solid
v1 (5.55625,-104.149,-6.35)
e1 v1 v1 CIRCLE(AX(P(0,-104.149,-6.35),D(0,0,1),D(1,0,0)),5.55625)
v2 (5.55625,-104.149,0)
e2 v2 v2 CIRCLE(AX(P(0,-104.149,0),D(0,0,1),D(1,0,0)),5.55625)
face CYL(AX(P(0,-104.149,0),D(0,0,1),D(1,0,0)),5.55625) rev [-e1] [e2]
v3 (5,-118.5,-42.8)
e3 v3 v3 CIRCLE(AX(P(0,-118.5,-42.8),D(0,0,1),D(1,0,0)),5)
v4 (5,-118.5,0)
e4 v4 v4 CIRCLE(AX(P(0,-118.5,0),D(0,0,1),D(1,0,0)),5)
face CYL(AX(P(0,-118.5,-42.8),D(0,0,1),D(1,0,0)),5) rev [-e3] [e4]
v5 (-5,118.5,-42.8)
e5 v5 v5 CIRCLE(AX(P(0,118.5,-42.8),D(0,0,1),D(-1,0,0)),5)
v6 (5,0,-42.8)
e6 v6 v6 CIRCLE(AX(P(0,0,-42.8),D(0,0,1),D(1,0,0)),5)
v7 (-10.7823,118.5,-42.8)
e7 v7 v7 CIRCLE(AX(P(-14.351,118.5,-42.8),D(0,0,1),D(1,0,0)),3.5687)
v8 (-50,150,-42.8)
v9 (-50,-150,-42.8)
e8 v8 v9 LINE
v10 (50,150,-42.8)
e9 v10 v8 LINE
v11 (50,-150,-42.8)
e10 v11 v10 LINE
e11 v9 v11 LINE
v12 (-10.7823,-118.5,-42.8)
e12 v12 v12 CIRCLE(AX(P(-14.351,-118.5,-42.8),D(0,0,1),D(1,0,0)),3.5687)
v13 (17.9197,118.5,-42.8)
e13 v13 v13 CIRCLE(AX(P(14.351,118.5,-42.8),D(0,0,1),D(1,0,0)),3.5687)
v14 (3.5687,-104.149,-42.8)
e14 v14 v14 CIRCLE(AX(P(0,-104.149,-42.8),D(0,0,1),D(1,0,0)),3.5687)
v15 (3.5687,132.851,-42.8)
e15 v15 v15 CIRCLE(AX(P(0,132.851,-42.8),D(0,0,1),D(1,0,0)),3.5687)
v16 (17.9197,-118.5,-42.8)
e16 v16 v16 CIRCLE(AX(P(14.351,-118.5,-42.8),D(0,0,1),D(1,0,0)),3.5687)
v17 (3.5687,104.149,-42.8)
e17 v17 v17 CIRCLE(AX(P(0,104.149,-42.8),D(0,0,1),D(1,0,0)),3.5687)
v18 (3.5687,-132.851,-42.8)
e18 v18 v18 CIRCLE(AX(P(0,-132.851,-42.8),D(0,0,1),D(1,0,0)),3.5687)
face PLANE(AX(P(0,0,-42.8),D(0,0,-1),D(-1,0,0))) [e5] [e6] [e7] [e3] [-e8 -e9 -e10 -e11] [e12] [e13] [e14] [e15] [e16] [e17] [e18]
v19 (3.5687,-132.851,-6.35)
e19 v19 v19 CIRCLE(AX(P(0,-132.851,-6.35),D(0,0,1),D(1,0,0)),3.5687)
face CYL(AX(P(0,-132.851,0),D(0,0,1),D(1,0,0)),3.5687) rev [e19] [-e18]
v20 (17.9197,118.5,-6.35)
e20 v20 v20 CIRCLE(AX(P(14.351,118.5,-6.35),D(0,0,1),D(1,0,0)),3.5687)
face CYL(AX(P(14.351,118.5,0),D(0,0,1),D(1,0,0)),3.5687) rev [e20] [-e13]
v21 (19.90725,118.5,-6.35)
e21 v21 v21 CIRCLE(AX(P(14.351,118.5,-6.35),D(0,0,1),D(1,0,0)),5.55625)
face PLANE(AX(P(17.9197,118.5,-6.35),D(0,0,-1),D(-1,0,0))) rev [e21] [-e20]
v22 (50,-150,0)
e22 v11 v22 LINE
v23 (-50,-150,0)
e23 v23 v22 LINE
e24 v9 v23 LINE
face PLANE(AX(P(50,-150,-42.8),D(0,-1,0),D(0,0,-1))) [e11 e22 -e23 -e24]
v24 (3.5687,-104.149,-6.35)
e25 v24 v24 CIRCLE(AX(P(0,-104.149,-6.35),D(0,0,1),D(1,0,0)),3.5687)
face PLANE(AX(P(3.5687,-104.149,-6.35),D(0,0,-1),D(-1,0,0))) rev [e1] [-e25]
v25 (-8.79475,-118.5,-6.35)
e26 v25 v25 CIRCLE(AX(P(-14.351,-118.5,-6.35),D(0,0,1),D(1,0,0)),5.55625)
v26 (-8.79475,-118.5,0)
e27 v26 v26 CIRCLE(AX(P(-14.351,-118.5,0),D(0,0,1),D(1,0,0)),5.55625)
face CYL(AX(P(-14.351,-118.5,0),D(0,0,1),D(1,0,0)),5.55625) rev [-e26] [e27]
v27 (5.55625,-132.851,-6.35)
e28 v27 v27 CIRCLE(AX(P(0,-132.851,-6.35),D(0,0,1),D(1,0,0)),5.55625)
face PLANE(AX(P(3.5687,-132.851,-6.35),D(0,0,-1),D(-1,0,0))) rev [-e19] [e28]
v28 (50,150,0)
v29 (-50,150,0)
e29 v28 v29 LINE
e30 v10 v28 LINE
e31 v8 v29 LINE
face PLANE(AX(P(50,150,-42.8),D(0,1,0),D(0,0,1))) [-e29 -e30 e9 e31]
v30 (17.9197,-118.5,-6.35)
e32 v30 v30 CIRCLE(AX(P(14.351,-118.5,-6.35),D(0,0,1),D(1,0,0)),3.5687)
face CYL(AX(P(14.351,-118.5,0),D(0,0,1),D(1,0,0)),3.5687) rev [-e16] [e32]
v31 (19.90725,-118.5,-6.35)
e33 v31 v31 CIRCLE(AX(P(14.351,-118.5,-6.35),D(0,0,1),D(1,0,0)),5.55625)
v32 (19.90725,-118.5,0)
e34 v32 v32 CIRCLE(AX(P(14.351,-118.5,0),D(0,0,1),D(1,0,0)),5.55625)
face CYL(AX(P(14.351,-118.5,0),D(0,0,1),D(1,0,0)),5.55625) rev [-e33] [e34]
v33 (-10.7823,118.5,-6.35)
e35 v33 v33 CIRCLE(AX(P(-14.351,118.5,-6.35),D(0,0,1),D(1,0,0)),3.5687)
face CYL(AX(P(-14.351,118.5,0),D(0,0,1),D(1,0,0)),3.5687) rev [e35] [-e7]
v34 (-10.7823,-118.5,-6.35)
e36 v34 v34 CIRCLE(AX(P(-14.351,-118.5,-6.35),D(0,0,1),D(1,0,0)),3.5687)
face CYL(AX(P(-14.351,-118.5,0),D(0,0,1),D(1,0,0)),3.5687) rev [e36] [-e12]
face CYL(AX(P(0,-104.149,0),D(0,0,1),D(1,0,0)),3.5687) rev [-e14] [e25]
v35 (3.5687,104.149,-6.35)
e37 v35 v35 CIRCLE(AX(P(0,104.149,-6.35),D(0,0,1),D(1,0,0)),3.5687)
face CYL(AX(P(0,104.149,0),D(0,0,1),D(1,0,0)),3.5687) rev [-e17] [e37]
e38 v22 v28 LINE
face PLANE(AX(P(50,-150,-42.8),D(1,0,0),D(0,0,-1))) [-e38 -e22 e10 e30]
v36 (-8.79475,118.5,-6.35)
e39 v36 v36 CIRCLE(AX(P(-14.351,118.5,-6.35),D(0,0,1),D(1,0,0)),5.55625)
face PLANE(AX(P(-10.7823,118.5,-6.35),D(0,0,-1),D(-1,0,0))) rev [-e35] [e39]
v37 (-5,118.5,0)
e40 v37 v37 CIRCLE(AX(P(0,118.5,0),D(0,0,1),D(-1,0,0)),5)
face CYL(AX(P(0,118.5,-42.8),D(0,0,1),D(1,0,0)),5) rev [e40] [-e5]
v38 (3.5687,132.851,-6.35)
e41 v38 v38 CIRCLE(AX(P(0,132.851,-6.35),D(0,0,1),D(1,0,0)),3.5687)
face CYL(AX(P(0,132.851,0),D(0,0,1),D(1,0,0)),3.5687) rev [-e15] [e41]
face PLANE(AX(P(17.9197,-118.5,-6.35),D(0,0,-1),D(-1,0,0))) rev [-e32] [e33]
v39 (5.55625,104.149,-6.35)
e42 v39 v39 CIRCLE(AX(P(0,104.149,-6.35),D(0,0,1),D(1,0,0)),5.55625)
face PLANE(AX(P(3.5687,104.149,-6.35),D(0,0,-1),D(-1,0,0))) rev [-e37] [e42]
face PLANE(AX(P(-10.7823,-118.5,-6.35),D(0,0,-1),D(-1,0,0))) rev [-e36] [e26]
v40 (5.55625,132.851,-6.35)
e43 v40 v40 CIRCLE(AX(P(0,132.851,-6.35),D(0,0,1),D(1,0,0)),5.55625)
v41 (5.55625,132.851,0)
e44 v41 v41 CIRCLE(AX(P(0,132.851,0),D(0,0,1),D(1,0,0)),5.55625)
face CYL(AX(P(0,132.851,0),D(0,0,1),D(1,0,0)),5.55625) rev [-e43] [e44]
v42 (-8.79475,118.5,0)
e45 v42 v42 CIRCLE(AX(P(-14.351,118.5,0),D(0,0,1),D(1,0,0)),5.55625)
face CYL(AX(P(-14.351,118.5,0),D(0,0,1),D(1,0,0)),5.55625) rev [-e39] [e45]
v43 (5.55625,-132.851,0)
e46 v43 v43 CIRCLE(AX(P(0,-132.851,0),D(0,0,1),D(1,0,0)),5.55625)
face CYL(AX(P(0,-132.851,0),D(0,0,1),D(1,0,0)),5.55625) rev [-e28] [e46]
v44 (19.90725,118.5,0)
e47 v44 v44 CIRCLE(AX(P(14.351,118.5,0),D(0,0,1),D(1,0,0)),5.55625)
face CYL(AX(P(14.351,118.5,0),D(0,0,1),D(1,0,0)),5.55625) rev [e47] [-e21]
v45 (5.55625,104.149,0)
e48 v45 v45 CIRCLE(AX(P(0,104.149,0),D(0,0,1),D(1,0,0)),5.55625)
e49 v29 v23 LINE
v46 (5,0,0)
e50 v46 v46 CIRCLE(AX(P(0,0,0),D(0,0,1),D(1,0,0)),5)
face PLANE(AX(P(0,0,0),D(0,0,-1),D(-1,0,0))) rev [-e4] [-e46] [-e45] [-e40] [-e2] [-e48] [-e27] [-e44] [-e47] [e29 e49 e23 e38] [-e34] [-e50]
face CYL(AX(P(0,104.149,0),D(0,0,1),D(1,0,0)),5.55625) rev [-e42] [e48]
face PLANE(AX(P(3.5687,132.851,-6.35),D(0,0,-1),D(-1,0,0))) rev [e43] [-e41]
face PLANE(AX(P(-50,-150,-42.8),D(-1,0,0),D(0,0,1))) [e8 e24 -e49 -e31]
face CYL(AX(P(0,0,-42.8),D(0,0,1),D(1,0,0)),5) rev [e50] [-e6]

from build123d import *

# Parameters (mm, degrees)
SKETCH1_W                                        = 300
SKETCH1_H                                        = 100
SKETCH1_R                                        = 5
BOSS_EXTRUDE1_DEPTH                              = 42.8
CBORE_FOR_1_4_SOCKET_HEAD_CAP_SCREW1_D           = 7.1374
CBORE_FOR_1_4_SOCKET_HEAD_CAP_SCREW1_CBORE_D     = 11.1125
CBORE_FOR_1_4_SOCKET_HEAD_CAP_SCREW1_CBORE_DEPTH = 6.35


with BuildPart() as part:
    # Sketch1 → Boss-Extrude1 (new body)
    with BuildSketch(Plane(origin=(0, 0, 0), x_dir=(0, 1, 0), z_dir=(0, 0, 1))):
        Rectangle(SKETCH1_W, SKETCH1_H)
        with Locations(Location((0, 0, 0), (0, 0, 270))):
            Circle(SKETCH1_R, mode=Mode.SUBTRACT)
        with Locations(Location((-118.5, 0, 0), (0, 0, 270))):
            Circle(SKETCH1_R, mode=Mode.SUBTRACT)
        with Locations(Location((118.5, 0, 0), (0, 0, 90))):
            Circle(SKETCH1_R, mode=Mode.SUBTRACT)
    extrude(amount=-BOSS_EXTRUDE1_DEPTH)

    # CBORE for 1/4 Socket Head Cap Screw1 (through all)
    with Locations(Plane(origin=(0, 0, 0), x_dir=(0, -1, 0), z_dir=(0, 0, 1))):
        with Locations((118.5, 14.351), (132.851, 0), (118.5, -14.351), (104.149, 0), (-104.149, 0), (-118.5, 14.351), (-132.851, 0), (-118.5, -14.351)):
            CounterBoreHole(CBORE_FOR_1_4_SOCKET_HEAD_CAP_SCREW1_D / 2, CBORE_FOR_1_4_SOCKET_HEAD_CAP_SCREW1_CBORE_D / 2, CBORE_FOR_1_4_SOCKET_HEAD_CAP_SCREW1_CBORE_DEPTH)


solid = part.part
